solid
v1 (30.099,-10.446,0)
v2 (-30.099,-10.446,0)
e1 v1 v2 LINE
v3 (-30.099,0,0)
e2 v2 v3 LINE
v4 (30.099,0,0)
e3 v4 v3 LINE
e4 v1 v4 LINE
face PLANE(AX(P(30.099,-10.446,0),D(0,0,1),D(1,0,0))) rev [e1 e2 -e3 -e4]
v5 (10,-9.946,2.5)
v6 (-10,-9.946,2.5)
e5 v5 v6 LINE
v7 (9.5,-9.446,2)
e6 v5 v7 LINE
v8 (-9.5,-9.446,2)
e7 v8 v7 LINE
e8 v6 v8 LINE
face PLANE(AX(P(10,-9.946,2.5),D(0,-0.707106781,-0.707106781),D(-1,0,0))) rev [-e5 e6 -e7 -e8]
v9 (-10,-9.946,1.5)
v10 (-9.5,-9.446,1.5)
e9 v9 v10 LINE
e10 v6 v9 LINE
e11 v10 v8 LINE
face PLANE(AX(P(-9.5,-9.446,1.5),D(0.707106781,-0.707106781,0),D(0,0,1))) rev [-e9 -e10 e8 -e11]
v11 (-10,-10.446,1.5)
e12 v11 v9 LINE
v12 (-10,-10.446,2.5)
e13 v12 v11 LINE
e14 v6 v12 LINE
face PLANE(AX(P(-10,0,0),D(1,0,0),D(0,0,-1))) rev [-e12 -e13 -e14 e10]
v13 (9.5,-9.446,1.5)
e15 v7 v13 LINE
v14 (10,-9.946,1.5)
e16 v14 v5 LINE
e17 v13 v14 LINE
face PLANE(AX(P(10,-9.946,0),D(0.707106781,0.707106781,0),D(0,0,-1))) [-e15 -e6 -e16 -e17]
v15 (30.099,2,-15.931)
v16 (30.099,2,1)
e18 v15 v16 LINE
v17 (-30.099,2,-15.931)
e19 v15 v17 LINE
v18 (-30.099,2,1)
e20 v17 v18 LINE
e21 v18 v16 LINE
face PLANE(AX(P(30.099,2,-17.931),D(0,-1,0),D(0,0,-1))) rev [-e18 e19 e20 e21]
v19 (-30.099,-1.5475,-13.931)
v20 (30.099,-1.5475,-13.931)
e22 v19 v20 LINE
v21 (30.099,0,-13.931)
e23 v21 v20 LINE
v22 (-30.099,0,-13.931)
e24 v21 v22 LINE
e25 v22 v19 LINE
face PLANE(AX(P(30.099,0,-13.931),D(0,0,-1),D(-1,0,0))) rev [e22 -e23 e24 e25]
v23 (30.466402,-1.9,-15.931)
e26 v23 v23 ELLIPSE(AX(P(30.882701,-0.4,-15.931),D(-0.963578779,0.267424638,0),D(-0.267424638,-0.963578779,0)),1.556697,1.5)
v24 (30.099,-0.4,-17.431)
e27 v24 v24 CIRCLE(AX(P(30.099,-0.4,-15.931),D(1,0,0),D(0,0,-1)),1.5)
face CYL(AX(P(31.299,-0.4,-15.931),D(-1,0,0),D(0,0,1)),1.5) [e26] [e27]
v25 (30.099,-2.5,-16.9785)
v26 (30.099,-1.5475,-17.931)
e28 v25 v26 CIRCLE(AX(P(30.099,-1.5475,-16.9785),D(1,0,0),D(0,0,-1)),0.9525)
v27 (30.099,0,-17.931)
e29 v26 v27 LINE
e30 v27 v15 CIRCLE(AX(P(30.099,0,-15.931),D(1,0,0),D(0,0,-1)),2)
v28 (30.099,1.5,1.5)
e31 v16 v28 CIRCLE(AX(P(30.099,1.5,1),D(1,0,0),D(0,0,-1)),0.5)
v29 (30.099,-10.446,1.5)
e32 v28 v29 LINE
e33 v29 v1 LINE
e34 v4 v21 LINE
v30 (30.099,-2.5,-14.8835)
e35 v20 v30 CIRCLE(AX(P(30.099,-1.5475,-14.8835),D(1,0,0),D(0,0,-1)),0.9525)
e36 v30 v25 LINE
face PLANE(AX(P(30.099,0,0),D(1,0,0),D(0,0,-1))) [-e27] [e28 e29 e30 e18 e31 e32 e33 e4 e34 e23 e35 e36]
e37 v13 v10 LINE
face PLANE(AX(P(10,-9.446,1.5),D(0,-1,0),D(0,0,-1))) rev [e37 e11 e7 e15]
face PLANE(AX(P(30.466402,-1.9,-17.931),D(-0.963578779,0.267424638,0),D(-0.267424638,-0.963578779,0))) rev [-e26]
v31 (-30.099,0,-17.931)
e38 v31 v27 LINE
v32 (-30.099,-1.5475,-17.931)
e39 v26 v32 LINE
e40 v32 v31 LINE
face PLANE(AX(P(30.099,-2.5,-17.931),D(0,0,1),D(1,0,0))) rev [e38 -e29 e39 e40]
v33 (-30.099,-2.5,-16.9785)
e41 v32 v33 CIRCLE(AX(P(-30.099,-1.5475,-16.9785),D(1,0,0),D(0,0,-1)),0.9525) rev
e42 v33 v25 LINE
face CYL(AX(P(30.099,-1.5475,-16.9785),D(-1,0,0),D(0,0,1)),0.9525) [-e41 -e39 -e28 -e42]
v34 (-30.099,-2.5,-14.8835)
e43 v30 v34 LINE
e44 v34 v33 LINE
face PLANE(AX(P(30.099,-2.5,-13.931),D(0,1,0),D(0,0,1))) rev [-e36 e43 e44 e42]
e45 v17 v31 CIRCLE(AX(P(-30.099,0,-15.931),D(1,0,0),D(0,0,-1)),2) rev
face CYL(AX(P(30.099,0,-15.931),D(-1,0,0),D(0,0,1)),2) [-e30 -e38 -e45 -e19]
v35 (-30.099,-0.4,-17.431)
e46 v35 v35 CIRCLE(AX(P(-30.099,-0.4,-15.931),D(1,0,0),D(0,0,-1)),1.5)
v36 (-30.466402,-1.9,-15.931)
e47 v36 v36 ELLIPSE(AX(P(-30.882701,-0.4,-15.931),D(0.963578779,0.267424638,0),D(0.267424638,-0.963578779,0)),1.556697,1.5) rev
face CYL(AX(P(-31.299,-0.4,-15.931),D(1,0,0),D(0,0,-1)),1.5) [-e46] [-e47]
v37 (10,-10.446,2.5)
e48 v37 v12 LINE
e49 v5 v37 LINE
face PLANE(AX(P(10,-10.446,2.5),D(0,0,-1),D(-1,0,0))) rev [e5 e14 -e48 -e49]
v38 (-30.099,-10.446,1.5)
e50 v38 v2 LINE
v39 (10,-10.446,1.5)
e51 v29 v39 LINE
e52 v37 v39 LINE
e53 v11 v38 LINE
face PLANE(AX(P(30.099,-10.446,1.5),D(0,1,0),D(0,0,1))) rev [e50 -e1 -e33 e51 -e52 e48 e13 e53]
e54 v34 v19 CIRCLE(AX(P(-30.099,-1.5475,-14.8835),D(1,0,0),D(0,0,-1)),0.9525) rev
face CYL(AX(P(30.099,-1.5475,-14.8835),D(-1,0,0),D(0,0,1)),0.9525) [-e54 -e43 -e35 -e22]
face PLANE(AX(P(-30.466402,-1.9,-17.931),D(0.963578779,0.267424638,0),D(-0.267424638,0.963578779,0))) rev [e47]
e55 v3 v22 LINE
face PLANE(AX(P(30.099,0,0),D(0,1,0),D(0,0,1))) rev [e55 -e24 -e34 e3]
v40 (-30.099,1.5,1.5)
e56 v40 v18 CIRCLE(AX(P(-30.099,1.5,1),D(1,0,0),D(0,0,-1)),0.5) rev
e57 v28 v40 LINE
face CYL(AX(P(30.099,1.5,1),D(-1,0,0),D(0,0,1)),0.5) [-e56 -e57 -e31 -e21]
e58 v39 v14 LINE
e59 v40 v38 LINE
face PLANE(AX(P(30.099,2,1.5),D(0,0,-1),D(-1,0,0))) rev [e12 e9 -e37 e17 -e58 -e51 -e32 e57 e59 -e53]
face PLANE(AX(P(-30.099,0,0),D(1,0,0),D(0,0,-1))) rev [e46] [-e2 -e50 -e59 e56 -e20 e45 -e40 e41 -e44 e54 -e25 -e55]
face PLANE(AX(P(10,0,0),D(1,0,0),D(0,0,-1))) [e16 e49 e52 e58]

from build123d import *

# Parameters (mm, degrees)
BOSS_EXTRUDE1_DEPTH     = 30.099
FILLET1_R               = 2
SKETCH2_W               = 1
SKETCH2_H               = 1
BOSS_EXTRUDE2_DEPTH     = 10
SKETCH3_R               = 1.5
BOSS_EXTRUDE3_DEPTH     = 1.2
CHAMFER1_SIZE           = 0.5
FILLET3_R               = 0.5
FILLET4_R               = 0.9525
CUT_EXTRUDE2_DEPTH      = 39.292428468
CUT_EXTRUDE2_DEPTH_BACK = 39.292428468


with BuildPart() as part:
    # Sketch1 → Boss-Extrude1 (new, symmetric)
    with BuildSketch(Plane(origin=(0, 0, 0), x_dir=(0, 0, -1), z_dir=(1, 0, 0))):
        Polygon((0, -10.446), (0, 0), (13.931, 0), (13.931, -2.5), (17.931, -2.5), (17.931, 2), (-1.5, 2), (-1.5, -10.446), align=None)
    extrude(amount=BOSS_EXTRUDE1_DEPTH, both=True)

    # Fillet1
    fillet1_edges = [part.edges().sort_by_distance(p)[0] for p in [
        (0, 2, -17.931),
    ]]
    fillet(fillet1_edges, radius=FILLET1_R)

    # Sketch2 → Boss-Extrude2 (add, symmetric)
    with BuildSketch(Plane(origin=(0, 0, 0), x_dir=(0, 0, -1), z_dir=(1, 0, 0))):
        with Locations((-2, -9.946)):
            Rectangle(SKETCH2_W, SKETCH2_H)
    extrude(amount=BOSS_EXTRUDE2_DEPTH, both=True)

    # Sketch3 → Boss-Extrude3 (add)
    with BuildSketch(Plane(origin=(30.099, 0, 0), x_dir=(0, 0, -1), z_dir=(1, 0, 0))):
        with Locations((15.931, -0.4)):
            Circle(SKETCH3_R)
    boss_extrude3 = extrude(amount=BOSS_EXTRUDE3_DEPTH)

    # Mirror1: Boss-Extrude3 across plane
    add(boss_extrude3.mirror(Plane(origin=(0, 0, 0), x_dir=(0, 0, 1), z_dir=(1, 0, 0))))

    # Chamfer1
    chamfer1_edges = [part.edges().sort_by_distance(p)[0] for p in [
        (-10, -9.446, 2),
        (0, -9.446, 2.5),
        (10, -9.446, 2),
    ]]
    chamfer(chamfer1_edges, length=CHAMFER1_SIZE)

    # Fillet3
    fillet3_edges = [part.edges().sort_by_distance(p)[0] for p in [
        (0, 2, 1.5),
    ]]
    fillet(fillet3_edges, radius=FILLET3_R)

    # Fillet4
    fillet4_edges = [part.edges().sort_by_distance(p)[0] for p in [
        (0, -2.5, -17.931),
        (0, -2.5, -13.931),
    ]]
    fillet(fillet4_edges, radius=FILLET4_R)

    # Sketch8 → Cut-Extrude2 (cut, two sides: drawn at the far end of the back side and taken through both)
    with BuildSketch(Plane.XY.offset(1.5).offset(-CUT_EXTRUDE2_DEPTH_BACK)):
        Polygon((30.466401846, -1.9), (31.299, 1.1), (31.299, -1.9), align=None)
        Polygon((-31.299, -1.9), (-30.466401846, -1.9), (-31.299, 1.1), align=None)
    extrude(amount=CUT_EXTRUDE2_DEPTH + CUT_EXTRUDE2_DEPTH_BACK, mode=Mode.SUBTRACT)


solid = part.part
